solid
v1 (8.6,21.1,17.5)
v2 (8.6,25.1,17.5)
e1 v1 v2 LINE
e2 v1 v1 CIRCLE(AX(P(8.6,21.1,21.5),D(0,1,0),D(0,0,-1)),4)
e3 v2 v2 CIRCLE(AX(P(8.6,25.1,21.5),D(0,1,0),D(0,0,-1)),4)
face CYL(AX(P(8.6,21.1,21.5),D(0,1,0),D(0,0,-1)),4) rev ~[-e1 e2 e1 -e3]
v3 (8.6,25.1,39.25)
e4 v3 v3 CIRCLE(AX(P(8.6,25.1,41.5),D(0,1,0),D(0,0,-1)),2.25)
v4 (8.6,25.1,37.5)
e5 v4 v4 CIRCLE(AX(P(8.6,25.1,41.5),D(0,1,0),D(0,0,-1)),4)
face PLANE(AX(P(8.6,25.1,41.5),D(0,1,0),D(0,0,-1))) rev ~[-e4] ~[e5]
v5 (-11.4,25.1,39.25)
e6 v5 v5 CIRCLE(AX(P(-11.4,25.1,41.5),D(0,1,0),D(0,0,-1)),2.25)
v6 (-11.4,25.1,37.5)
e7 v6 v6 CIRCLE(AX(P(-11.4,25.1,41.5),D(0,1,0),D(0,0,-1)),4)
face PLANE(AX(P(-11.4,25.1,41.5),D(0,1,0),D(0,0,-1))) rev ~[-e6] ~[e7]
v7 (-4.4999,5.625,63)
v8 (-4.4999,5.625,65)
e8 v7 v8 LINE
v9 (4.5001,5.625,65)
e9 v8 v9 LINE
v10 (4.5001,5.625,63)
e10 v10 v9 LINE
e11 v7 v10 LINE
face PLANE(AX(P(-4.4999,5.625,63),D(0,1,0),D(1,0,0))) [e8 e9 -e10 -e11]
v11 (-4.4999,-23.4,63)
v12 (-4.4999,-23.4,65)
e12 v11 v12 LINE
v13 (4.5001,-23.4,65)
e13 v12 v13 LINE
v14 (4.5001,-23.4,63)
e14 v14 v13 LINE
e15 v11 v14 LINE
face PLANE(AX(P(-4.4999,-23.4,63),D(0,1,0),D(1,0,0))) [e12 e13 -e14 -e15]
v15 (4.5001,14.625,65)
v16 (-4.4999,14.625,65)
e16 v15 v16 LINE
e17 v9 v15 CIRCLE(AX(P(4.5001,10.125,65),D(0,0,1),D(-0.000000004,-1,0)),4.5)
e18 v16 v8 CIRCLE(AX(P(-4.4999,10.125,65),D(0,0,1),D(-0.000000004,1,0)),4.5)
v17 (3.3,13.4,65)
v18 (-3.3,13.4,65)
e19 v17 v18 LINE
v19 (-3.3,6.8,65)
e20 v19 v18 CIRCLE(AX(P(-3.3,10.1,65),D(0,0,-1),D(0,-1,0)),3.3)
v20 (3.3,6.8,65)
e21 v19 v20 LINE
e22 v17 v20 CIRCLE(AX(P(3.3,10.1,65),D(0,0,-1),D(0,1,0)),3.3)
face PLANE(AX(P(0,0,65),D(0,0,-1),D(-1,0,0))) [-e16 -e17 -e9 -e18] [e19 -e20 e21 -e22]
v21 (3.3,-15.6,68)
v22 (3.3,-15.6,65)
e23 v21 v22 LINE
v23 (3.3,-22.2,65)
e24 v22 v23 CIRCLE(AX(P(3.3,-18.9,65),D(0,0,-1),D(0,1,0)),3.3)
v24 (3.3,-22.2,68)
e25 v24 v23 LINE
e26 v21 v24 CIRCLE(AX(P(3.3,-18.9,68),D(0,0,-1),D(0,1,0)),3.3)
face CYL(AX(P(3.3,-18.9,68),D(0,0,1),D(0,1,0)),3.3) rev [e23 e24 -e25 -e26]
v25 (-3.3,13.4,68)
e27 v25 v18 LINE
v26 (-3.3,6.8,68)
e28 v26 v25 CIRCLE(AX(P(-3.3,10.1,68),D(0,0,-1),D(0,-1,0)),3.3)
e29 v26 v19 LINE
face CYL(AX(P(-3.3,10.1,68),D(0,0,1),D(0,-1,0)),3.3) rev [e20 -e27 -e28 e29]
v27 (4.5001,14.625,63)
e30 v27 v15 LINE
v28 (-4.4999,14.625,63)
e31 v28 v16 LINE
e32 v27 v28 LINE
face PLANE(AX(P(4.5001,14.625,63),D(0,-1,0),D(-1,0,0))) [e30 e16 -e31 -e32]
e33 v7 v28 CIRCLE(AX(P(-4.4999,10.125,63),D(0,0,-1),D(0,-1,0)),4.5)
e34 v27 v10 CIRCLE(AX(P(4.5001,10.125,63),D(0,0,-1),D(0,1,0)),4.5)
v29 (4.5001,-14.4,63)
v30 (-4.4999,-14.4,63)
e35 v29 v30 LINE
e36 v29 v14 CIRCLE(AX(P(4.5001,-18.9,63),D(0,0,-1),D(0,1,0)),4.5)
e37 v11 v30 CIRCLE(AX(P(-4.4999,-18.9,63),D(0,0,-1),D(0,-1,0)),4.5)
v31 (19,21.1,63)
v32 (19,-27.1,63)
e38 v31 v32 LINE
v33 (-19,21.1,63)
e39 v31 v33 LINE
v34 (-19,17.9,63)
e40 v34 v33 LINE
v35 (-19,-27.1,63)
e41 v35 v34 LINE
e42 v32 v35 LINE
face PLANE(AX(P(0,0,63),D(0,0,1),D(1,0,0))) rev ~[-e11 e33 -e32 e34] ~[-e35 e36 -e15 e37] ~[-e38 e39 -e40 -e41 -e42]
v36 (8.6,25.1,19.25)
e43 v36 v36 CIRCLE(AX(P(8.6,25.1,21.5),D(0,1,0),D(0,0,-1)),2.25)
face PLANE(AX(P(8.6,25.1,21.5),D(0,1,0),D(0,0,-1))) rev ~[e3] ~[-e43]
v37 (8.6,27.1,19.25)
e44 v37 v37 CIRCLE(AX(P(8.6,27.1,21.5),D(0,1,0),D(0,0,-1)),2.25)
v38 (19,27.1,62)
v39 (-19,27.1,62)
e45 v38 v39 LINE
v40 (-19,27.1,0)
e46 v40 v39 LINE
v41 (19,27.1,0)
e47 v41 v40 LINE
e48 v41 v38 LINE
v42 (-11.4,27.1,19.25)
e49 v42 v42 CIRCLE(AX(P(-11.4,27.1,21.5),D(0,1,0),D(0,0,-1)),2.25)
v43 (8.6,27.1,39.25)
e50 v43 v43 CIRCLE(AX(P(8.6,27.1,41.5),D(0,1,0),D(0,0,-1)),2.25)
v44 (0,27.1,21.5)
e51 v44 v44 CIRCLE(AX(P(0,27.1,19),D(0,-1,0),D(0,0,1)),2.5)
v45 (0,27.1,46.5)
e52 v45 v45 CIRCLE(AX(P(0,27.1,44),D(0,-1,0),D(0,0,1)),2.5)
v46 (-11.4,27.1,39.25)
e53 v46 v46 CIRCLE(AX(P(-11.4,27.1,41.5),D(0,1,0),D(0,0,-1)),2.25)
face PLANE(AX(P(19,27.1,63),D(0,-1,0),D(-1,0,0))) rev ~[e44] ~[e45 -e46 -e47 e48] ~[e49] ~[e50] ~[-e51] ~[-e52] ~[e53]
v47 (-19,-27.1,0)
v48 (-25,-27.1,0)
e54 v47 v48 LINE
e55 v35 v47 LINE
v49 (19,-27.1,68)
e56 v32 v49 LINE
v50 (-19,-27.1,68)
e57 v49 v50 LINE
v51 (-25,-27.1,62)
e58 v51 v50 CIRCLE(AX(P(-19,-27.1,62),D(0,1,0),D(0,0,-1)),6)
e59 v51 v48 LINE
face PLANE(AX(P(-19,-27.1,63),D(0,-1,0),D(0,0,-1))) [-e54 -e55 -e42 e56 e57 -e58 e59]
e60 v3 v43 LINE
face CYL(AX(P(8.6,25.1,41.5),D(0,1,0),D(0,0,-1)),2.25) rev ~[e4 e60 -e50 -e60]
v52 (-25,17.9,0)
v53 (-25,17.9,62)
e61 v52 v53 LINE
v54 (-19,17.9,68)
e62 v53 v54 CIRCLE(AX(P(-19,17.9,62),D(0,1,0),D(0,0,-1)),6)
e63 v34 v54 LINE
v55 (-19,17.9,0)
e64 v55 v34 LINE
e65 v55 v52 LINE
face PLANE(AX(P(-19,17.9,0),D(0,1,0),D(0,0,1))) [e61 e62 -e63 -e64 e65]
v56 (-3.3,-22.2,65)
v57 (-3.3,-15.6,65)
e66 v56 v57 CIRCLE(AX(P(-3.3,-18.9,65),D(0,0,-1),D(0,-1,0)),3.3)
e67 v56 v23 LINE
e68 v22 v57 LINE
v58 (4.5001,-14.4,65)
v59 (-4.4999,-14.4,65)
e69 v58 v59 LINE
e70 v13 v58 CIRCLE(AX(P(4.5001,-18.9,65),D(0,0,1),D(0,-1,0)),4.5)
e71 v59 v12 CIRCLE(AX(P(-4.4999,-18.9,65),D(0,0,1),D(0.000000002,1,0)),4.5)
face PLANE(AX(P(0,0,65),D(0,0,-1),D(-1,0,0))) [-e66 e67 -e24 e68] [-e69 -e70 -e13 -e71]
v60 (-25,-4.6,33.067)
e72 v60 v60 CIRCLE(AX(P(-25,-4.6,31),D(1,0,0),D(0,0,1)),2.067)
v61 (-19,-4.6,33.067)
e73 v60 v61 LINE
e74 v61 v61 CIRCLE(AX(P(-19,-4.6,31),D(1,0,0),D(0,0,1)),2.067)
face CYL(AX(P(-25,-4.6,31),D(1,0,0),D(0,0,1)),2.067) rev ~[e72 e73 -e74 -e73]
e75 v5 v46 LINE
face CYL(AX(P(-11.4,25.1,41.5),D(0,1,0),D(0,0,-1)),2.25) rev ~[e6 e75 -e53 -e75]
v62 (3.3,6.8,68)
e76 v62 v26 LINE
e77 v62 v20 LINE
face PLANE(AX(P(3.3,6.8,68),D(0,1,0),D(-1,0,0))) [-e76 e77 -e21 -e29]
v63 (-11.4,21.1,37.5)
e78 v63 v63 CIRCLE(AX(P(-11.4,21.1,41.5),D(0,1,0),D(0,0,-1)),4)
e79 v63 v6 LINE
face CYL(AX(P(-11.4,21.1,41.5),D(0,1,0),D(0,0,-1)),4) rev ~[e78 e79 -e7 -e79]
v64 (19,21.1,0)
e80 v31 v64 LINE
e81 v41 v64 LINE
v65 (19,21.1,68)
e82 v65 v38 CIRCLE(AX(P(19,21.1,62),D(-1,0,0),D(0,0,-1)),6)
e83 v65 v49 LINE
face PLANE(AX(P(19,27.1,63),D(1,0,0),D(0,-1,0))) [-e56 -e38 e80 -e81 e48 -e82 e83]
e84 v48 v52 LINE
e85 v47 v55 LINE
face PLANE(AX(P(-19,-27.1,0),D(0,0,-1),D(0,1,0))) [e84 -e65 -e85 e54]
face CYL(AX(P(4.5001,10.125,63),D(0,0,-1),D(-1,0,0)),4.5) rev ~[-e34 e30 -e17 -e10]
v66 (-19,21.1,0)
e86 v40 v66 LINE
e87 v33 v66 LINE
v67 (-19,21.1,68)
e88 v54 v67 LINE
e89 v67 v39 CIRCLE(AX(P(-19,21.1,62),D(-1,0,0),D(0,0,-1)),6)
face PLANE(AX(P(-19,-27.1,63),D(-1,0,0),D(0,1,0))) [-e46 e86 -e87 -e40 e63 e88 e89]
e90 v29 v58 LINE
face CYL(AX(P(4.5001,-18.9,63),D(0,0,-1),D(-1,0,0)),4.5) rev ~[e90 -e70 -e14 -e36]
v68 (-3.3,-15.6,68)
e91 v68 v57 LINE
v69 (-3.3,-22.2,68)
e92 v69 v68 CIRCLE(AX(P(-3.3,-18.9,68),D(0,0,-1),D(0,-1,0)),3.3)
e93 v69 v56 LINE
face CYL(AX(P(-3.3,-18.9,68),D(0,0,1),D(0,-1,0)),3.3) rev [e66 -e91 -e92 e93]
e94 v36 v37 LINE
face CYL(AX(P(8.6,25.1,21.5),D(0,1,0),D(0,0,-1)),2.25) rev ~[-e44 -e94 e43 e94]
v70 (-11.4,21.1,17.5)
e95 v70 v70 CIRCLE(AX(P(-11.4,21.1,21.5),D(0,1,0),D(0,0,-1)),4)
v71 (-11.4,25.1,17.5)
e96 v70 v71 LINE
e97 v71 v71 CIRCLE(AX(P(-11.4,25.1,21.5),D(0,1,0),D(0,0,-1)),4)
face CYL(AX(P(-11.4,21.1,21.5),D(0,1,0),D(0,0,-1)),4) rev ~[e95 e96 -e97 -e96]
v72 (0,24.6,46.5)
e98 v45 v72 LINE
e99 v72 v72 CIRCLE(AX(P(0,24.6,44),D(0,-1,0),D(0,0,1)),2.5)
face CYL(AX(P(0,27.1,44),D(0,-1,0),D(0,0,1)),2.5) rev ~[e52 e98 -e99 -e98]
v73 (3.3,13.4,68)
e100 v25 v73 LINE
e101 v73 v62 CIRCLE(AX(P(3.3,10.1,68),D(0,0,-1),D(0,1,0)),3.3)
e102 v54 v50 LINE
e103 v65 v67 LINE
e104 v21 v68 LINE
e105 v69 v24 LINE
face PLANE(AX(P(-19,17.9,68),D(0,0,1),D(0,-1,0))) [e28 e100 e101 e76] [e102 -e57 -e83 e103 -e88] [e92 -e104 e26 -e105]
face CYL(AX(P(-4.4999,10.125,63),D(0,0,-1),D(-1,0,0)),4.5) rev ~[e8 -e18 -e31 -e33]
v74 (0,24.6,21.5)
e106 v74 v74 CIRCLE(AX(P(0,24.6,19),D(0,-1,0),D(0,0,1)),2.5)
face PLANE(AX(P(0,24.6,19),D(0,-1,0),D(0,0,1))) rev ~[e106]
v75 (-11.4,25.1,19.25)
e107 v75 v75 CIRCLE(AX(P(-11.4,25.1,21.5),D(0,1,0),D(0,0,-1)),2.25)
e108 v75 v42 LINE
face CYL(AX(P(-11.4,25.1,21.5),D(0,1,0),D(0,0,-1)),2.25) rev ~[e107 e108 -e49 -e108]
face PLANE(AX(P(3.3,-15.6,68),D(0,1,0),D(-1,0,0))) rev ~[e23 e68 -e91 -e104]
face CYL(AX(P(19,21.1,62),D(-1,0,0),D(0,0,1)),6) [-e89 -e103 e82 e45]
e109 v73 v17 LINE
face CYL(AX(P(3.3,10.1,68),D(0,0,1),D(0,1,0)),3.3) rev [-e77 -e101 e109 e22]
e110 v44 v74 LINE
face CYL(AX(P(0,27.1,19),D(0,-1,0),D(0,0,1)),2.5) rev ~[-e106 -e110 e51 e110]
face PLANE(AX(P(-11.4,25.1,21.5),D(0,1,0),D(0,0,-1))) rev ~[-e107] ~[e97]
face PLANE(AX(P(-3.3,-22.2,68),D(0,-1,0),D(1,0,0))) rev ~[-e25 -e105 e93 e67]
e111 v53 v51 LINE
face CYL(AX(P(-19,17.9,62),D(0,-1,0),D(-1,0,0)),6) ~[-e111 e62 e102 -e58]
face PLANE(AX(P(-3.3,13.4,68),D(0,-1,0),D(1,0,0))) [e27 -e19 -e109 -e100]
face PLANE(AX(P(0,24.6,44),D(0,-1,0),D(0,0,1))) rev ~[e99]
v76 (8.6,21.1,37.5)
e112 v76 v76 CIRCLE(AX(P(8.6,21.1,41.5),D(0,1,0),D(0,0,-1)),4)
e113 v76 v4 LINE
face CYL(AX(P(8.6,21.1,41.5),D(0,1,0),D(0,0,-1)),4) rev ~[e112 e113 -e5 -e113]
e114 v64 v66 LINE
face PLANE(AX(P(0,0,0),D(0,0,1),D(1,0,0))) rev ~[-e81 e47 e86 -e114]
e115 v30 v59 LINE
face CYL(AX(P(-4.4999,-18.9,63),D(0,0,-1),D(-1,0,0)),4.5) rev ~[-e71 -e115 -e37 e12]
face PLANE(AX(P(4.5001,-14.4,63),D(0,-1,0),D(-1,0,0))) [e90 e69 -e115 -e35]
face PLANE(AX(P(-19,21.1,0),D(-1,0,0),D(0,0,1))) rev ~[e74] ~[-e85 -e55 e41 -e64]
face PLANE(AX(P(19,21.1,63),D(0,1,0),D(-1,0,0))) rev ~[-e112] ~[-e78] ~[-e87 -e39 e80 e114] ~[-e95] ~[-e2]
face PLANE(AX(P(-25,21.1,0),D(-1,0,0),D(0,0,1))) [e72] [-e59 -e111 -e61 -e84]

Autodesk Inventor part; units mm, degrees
ref_plane "YZ Plane" through (0, 0, 0) normal (1, 0, 0) x (0, 1, 0)
ref_plane "XZ Plane" through (0, 0, 0) normal (0, 1, 0) x (-1, 0, 0)
ref_plane "XY Plane" through (0, 0, 0) normal (0, 0, 1) x (1, 0, 0)
sketch "Skizze1" plane through (0, 0, 0) normal (0, 0, 1) x (1, 0, 0)
  line L0 (-19, 27.1) -> (19, 27.1)
  line L1 (19, 27.1) -> (19, -27.1)
  line L2 (19, -27.1) -> (-19, -27.1)
  line L3 (-19, -27.1) -> (-19, 27.1)
  line L4 (0, 37.94) -> (0, -37.94) projected
  line L5 (-26.6, 0) -> (26.6, 0) projected
  point P0 (0, 0)
  dimension "d0" = 38
  dimension "d1" = 54.2
  dimension "d46" = 19
  dimension "d47" = 27.1
extrude "Extrusion1" add sketch "Skizze1" along normal blind 63
sketch "Skizze2" plane through (0, 0, 63) normal (0, 0, 1) x (1, 0, 0)
  line L0 (-19, -27.1) -> (19, -27.1) projected
  line L1 (-19, -27.1) -> (19, -27.1)
  line L2 (19, -27.1) -> (19, 21.1)
  line L3 (19, 21.1) -> (-19, 21.1)
  line L4 (-19, 21.1) -> (-19, -27.1)
  line L5 (-19, 27.1) -> (-19, -27.1) projected
  line L6 (19, 27.1) -> (-19, 27.1) projected
  point P0 (0, 0)
  dimension "d4" = 38
  dimension "d6" = 6
extrude "Extrusion2" cut sketch "Skizze2" against normal through all
sketch "Skizze6" plane through (-19, 27.1, 0) normal (0, 1, 0) x (1, 0, 0)
  line L0 (38, -63) -> (0, -63) projected
  line L1 (38, 0) -> (0, 0) projected
  line L2 (19, 12.6) -> (19, -75.6) projected
  point P0 (19, 0)
  point P1 (19, -44)
  point P2 (19, -19)
  dimension "d48" = 25
  dimension "d49" = 63
  dimension "d50" = 19
hole "Bohrung4" at (0, 27.1, 44) at (0, 27.1, 19) direction (0, -1, 0) diameter 5 depth 2.5
sketch "Skizze13" plane through (-19, 21.1, 63) normal (0, -1, 0) x (1, 0, 0)
  line L0 (38, 0) -> (38, -63) projected
  line L1 (0, -63) -> (0, 0) projected
  line L2 (38, -63) -> (0, -63) projected
  line L3 (0, 0) -> (38, 0) projected
  point P0 (19, -63)
  point P1 (7.6, -21.5)
  point P2 (27.6, -21.5)
  point P3 (27.6, -41.5)
  point P4 (7.6, -41.5)
  dimension "d102" = 20
  dimension "d103" = 20
  dimension "d104" = 38
  dimension "d105" = 7.6
  dimension "d106" = 63
  dimension "d107" = 21.5
hole "Bohrung6" at (-11.4, 21.1, 41.5) at (8.6, 21.1, 41.5) at (8.6, 21.1, 21.5) at (-11.4, 21.1, 21.5) direction (0, 1, 0) diameter 4.5 end through all counterbore diameter 8 counterbore depth 4 clearance for "Innensechskantkopfschraube" size "M4" standard "ANSI Metrisches M Profil"
sketch "Skizze14" plane through (0, 0, 63) normal (0, 0, 1) x (1, 0, 0)
  line L0 (19, 27.1) -> (-19, 27.1) projected
  line L1 (-19, 27.1) -> (19, 27.1)
  line L2 (19, 27.1) -> (19, -27.1)
  line L3 (19, -27.1) -> (-19, -27.1)
  line L4 (-19, -27.1) -> (-19, 27.1)
  line L5 (19, 21.1) -> (19, 27.1) projected
  point P0 (0, 0)
  dimension "d115" = 54.2
extrude "Extrusion8" add sketch "Skizze14" along normal blind 5
sketch "Skizze15" plane through (0, 0, 68) normal (0, 0, -1) x (-1, 0, 0)
  line L0 (-19, 21.1) -> (19, 21.1) projected
  line L1 (3.3, 13.4) -> (-3.3, 13.4)
  line L2 (-3.3, 13.4) -> (-3.3, 6.8)
  line L3 (-3.3, 6.8) -> (3.3, 6.8)
  line L4 (3.3, 6.8) -> (3.3, 13.4)
  line L5 (3.3, 13.4) -> (-3.3, 6.8) construction
  line L6 (-3.3, 13.4) -> (3.3, 6.8) construction
  arc A0 (3.3, 6.8) -> (3.3, 13.4) centre (3.3, 10.1) ccw
  arc A1 (-3.3, 13.4) -> (-3.3, 6.8) centre (-3.3, 10.1) ccw
  line L7 (3.3, -22.2) -> (-3.3, -22.2)
  line L8 (-3.3, -22.2) -> (-3.3, -15.6)
  line L9 (-3.3, -15.6) -> (3.3, -15.6)
  line L10 (3.3, -15.6) -> (3.3, -22.2)
  line L11 (3.3, -22.2) -> (-3.3, -15.6) construction
  line L12 (-3.3, -22.2) -> (3.3, -15.6) construction
  arc A2 (3.3, -22.2) -> (3.3, -15.6) centre (3.3, -18.9) ccw
  arc A3 (-3.3, -15.6) -> (-3.3, -22.2) centre (-3.3, -18.9) ccw
  point P0 (0, 0)
  point P1 (0, 10.1)
  point P2 (0, -18.9)
  dimension "d118" = 11
  dimension "d119" = 29
  dimension "d149" = 6.6
  dimension "d150" = 6.6
  dimension "d151" = 6.6
  dimension "d152" = 6.6
  dimension "d153" = 3.3
sketch "Sketch17" plane through (19, 21.1, 0) normal (1, 0, 0) x (0, 0, -1)
  line L0 (-68, -48.2) -> (0, -48.2)
  line L1 (0, -48.2) -> (0, -1)
  line L2 (0, -1) -> (-68, -1)
  line L3 (-68, -1) -> (-68, -48.2)
  line L4 (-63, 0) -> (0, 0) projected
  dimension "d137" = 1
extrude "Extrusion9" [suppressed]
sketch "Sketch21" plane through (-19, 21.1, 0) normal (-1, 0, 0) x (0, 0, 1)
  line L0 (63, -48.2) -> (68, -48.2) projected
  line L1 (68, -48.2) -> (0, -48.2)
  line L2 (0, -48.2) -> (0, -3.2)
  line L3 (0, -3.2) -> (68, -3.2)
  line L4 (68, -3.2) -> (68, -48.2)
  point P0 (0, -21.1)
  dimension "d170" = 45
extrude "Extrusion12" add sketch "Sketch21" along normal blind 6
fillet "Fillet2" radius 6 2 edges at (0, 27.1, 68) (-25, -4.6, 68)
extrude "Extrusion10" cut sketch "Skizze15" along normal blind 6
sketch "Sketch19" plane through (0, 0, 63) normal (0, 0, -1) x (-1, 0, 0)
  arc A0 (3.3, -22.2) -> (3.3, -15.6) centre (3.3, -18.9) ccw projected
  line L0 (3.3, -22.2) -> (-3.3, -22.2) projected
  arc A1 (-3.3, -15.6) -> (-3.3, -22.2) centre (-3.3, -18.9) ccw projected
  line L1 (-3.3, -15.6) -> (3.3, -15.6) projected
  line L2 (-3.3, 13.4) -> (3.3, 13.4) projected
  arc A2 (3.3, 6.8) -> (3.3, 13.4) centre (3.3, 10.1) ccw projected
  line L3 (3.3, 6.8) -> (-3.3, 6.8) projected
  arc A3 (-3.3, 13.4) -> (-3.3, 6.8) centre (-3.3, 10.1) ccw projected
  line L4 (19, 21.1) -> (-19, 21.1) projected
  line L5 (-19, -27.1) -> (-19, 21.1) projected
  line L6 (19, -27.1) -> (-19, -27.1) projected
  line L7 (19, 21.1) -> (19, 17.9) projected
  line L8 (-9.0001, 14.625) -> (8.9999, 14.625)
  line L9 (8.9999, 14.625) -> (8.9999, 5.625)
  line L10 (8.9999, 5.625) -> (-9.0001, 5.625)
  line L11 (-9.0001, 5.625) -> (-9.0001, 14.625)
  line L12 (-9.0001, 14.625) -> (8.9999, 5.625) construction
  line L13 (8.9999, 14.625) -> (-9.0001, 5.625) construction
  circle A4 centre (4.4999, 10.125) radius 4.5
  circle A5 centre (-4.5001, 10.125) radius 4.5
  line L14 (-9.0001, -14.4) -> (8.9999, -14.4)
  line L15 (8.9999, -14.4) -> (8.9999, -23.4)
  line L16 (8.9999, -23.4) -> (-9.0001, -23.4)
  line L17 (-9.0001, -23.4) -> (-9.0001, -14.4)
  line L18 (-9.0001, -14.4) -> (8.9999, -23.4) construction
  line L19 (8.9999, -14.4) -> (-9.0001, -23.4) construction
  circle A6 centre (4.4999, -18.9) radius 4.5
  circle A7 centre (-4.5001, -18.9) radius 4.5
  arc A8 (-3.3, -15.6) -> (-3.3, -22.2) centre (-3.3, -18.9) ccw projected
  line L20 (19, 17.9) -> (19, -27.1) projected
  point P0 (0, 0)
  point P1 (-0.0001, 10.125)
  point P2 (-0.1415, -24.1318)
  point P3 (-0.0001, -18.9)
  point P4 (-0.1415, -22.2)
  point P5 (-4.5001, -23.4)
  point P6 (4.4999, -23.4)
  point P7 (4.4999, -14.4)
  point P8 (-4.5001, -14.4)
  point P9 (-4.5001, 5.625)
  point P10 (4.4999, 5.625)
  point P11 (4.4999, 14.625)
  point P12 (-4.5001, 14.625)
  dimension "d156" = 18
  dimension "d157" = 9
  dimension "d158" = 9
  dimension "d160" = 18
  dimension "d161" = 9
  dimension "d162" = 9
  dimension "d165" = 9
  dimension "d166" = 1.2001
  dimension "d167" = 1.2001
extrude "Extrusion11" cut sketch "Sketch19" against normal blind 2 contours A0 L1 A6 L0 | A6 L16 A7 L0 | L1 A7 L14 A6 | A7 L1 A1 L0 | A3 L3 A5 L2 | A5 L8 A4 L2 | A4 L3 A2 L2 | L3 A4 L10 A5 picked at (8.1543, -18.4336) picked at (-8.1544, -18.4336) picked at (-8.1544, 10.583) picked at (8.1543, 10.583)
sketch "Sketch22" plane through (-25, 21.1, 0) normal (-1, 0, 0) x (0, 0, 1)
  line L0 (0, -48.2) -> (62, -48.2) projected
  point P0 (0, -21.1)
  point P1 (31, -25.7)
  point P2 (31, -48.2)
  dimension "d173" = 0
  dimension "d174" = 22.5
sketch "Sketch18" plane through (25, 21.1, 0) normal (1, 0, 0) x (0, 0, -1)
  line L0 (-62, -48.2) -> (0, -48.2) projected
  line L1 (0, -1) -> (-62, -1) projected
  point P0 (0, -21.1)
  point P1 (-34.0313, -24.6)
  dimension "d139" = 23.6
  dimension "d140" = 47.2
hole "Hole9" [suppressed]
hole "Hole10" at (-25, -4.6, 31) direction (1, 0, 0) diameter 4.134 end through all thread size "M5x0.8" class "6H" standard "ISO Metric profile"
equation "\"d46\" = 0.5 * d0"
equation "\"d47\" = 0.5 * d1"
equation "\"d50\" = -0.5 * d48 + 0.5 * d49"
equation "\"d107\" = -0.5 * d103 + 0.5 * d106"
equation "\"d167\" = d166"
equation "\"d139\" = 0.5 * d140"
properties part number "TS_Adapter_Greifer_int"
